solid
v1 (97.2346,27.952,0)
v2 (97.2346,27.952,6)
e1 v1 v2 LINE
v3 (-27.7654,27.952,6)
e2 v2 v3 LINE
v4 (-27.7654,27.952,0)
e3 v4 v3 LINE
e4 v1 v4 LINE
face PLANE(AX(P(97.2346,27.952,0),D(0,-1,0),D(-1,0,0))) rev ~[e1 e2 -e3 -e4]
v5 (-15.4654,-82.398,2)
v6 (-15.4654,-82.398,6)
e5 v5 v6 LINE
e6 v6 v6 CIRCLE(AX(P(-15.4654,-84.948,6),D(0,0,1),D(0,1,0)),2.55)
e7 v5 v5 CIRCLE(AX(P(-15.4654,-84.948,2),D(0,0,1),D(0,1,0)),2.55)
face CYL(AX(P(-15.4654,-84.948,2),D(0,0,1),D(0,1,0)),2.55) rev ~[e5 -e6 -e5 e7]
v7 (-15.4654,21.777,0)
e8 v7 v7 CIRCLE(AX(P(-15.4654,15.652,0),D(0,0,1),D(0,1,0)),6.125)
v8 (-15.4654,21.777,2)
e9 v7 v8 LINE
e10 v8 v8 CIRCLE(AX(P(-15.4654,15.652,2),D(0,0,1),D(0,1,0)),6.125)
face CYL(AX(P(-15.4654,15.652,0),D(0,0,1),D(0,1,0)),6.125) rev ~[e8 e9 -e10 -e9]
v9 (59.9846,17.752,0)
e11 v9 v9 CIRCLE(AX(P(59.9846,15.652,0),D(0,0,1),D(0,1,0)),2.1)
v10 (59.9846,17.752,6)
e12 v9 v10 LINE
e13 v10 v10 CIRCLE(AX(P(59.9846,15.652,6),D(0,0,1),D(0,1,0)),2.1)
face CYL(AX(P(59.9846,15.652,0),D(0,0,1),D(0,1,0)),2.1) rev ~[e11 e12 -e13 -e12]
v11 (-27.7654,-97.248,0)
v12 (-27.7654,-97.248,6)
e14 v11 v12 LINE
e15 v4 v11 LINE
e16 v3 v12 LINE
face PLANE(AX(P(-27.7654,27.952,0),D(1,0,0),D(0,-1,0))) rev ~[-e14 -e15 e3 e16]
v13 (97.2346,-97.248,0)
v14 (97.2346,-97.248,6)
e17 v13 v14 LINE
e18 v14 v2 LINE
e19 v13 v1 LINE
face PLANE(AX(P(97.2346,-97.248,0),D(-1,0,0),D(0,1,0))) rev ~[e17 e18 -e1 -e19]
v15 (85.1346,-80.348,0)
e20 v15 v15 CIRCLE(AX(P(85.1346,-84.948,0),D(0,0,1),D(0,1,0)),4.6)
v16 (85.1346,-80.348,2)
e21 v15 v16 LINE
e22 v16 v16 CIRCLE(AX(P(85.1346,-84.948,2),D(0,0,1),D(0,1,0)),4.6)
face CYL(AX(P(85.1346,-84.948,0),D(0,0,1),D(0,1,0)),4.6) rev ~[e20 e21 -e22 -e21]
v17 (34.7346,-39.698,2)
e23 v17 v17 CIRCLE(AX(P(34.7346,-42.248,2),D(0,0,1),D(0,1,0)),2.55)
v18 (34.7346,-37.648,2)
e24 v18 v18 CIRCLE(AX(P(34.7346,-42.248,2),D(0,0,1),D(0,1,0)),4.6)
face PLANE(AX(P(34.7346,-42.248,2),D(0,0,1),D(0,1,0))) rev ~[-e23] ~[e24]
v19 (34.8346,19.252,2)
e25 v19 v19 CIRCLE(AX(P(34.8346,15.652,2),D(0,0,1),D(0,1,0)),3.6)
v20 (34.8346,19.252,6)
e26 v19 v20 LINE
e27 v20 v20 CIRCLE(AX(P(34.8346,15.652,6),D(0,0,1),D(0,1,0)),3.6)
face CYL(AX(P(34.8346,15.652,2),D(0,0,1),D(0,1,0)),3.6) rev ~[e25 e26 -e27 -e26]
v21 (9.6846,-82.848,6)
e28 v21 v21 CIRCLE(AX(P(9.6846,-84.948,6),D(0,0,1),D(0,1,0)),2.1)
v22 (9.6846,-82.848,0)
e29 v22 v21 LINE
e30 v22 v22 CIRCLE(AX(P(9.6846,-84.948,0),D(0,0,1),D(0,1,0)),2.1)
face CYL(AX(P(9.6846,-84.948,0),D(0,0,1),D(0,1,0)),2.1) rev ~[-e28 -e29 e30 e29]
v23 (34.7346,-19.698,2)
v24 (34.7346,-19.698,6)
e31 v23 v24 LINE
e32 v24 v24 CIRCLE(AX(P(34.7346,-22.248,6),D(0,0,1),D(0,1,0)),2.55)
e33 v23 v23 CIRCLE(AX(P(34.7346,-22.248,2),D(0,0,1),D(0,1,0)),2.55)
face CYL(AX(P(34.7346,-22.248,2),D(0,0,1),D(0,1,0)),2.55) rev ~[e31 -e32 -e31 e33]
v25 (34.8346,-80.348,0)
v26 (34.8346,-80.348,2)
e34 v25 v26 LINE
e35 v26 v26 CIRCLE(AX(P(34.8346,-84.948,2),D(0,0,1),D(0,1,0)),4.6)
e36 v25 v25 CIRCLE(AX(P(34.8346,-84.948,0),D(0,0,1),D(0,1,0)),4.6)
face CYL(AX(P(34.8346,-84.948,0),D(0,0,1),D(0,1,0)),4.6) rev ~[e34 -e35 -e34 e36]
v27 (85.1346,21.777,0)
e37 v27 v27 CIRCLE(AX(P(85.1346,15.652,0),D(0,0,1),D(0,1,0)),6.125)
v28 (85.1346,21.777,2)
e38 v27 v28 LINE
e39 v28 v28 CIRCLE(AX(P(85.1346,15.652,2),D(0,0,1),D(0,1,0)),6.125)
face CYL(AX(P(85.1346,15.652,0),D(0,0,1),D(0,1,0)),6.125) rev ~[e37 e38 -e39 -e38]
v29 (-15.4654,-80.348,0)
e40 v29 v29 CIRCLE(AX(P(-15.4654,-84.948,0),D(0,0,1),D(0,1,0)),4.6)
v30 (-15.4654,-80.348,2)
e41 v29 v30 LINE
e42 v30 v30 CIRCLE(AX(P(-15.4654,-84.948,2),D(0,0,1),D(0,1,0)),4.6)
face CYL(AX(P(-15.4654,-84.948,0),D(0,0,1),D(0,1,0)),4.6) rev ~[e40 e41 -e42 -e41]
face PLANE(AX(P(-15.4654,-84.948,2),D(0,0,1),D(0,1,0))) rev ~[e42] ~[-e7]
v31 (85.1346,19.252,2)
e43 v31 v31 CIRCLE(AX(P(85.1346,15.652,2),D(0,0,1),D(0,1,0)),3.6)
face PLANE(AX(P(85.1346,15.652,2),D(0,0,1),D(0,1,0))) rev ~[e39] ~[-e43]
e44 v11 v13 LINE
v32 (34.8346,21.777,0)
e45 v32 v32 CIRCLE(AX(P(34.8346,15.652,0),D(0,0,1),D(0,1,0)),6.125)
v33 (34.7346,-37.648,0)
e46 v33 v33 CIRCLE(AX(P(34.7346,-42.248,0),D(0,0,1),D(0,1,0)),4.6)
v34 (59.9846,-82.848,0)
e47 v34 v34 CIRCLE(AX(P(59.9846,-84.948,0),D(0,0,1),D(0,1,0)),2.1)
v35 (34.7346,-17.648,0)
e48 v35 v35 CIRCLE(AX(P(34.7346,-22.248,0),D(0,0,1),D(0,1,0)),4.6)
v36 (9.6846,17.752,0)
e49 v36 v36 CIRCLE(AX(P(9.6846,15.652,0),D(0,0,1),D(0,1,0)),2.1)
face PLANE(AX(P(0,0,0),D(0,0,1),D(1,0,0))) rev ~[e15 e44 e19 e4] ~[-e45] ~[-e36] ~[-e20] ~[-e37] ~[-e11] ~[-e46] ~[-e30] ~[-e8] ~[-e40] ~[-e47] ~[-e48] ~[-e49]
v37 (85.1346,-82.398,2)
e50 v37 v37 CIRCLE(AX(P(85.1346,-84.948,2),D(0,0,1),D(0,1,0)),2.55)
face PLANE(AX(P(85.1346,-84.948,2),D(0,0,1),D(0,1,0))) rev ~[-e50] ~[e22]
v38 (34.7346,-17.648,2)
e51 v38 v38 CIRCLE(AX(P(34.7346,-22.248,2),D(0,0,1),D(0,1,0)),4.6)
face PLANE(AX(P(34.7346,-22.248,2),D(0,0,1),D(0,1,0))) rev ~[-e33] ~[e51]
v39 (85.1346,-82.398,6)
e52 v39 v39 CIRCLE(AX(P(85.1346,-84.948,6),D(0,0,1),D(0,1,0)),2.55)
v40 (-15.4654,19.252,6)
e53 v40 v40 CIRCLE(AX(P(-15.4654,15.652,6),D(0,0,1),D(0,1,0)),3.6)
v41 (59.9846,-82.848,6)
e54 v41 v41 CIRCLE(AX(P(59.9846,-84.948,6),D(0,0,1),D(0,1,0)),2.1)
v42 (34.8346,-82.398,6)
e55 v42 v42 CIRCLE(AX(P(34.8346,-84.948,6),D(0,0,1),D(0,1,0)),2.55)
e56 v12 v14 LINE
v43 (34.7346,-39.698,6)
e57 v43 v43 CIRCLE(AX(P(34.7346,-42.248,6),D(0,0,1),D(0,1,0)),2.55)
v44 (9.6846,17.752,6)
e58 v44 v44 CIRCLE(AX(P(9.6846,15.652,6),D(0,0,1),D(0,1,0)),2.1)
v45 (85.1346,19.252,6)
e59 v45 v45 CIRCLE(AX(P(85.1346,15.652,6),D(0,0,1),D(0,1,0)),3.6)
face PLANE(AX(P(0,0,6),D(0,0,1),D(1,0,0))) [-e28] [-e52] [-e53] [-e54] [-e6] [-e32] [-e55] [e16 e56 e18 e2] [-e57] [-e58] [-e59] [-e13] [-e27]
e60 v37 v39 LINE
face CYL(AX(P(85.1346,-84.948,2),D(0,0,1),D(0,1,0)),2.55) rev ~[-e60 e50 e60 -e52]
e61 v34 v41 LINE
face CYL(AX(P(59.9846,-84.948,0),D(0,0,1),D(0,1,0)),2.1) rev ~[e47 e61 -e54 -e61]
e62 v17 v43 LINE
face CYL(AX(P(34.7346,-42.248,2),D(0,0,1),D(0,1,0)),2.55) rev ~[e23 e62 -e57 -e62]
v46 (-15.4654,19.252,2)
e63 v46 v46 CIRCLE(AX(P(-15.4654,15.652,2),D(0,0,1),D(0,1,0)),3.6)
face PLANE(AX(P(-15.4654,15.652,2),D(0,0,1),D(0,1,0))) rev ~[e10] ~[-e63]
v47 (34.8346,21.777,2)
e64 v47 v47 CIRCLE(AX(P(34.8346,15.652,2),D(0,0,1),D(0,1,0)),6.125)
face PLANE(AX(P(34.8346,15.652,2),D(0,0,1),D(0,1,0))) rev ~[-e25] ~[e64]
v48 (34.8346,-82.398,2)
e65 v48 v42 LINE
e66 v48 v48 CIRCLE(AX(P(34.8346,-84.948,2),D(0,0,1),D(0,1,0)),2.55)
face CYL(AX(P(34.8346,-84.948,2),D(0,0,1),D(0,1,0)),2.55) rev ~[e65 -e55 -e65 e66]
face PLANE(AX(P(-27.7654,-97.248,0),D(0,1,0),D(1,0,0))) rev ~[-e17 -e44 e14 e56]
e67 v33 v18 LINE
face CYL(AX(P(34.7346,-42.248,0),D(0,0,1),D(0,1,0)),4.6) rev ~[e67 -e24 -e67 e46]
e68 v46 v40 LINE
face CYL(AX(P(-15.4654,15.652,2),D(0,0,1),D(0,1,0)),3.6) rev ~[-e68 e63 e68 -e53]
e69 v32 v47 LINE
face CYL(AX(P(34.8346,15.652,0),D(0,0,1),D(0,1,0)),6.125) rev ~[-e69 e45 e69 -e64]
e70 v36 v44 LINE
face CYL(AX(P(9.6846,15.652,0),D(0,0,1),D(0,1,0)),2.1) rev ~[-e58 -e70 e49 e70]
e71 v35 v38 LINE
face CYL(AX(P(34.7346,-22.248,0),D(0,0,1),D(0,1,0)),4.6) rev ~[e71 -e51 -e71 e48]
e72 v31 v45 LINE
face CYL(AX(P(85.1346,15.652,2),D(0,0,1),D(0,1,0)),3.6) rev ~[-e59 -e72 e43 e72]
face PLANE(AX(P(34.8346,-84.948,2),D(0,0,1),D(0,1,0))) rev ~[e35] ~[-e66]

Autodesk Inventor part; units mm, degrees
ref_plane "YZ Plane" through (0, 0, 0) normal (1, 0, 0) x (0, 1, 0)
ref_plane "XZ Plane" through (0, 0, 0) normal (0, 1, 0) x (-1, 0, 0)
ref_plane "XY Plane" through (0, 0, 0) normal (0, 0, 1) x (1, 0, 0)
sketch "Sketch1" plane through (0, 0, 0) normal (0, 0, 1) x (1, 0, 0)
  line L0 (97.2346, 27.952) -> (-27.7654, 27.952)
  line L1 (-27.7654, 27.952) -> (-27.7654, -97.248)
  line L2 (-27.7654, -97.248) -> (97.2346, -97.248)
  line L3 (97.2346, -97.248) -> (97.2346, 27.952)
  line L4 (85.1346, 27.952) -> (85.1346, -97.248) construction
  line L5 (-15.4654, 27.952) -> (-15.4654, -97.248) construction
  line L6 (-37.3152, 15.652) -> (117.1466, 15.652) construction
  line L7 (115.2487, -84.948) -> (-56.3615, -84.948) construction
  line L8 (34.8346, -156.7023) -> (34.8346, 57.8793) construction
  line L9 (59.9846, 68.2484) -> (59.9846, -132.2245) construction
  line L10 (9.6846, 55.4717) -> (9.6846, -128.574) construction
  point P0 (0, 0)
  point P1 (-65.7997, 171.2688)
  point P2 (85.1346, -84.948)
  point P3 (85.1346, 15.652)
  point P4 (-15.4654, 15.652)
  point P5 (-15.4654, -84.948)
  point P6 (34.8346, -84.948)
  point P7 (34.8346, 15.652)
  point P8 (59.9846, 15.652)
  point P9 (9.6846, 15.652)
  point P10 (59.9846, -84.948)
  point P11 (9.6846, -84.948)
  dimension "d0" = 125
  dimension "d1" = 125.2
  dimension "d6" = 100.6
  dimension "d48" = 12.3
  dimension "d49" = 100.6
  dimension "d50" = 50.3
  dimension "d72" = 25.15
  dimension "d73" = 25.15
extrude "Extrusion1" add sketch "Sketch1" along normal blind 6
hole "Hole6" at (85.1346, -84.948, 0) at (34.8346, -84.948, 0) at (-15.4654, -84.948, 0) direction (0, 0, 1) diameter 5.1 end through all counterbore diameter 9.2 counterbore depth 2
sketch "Sketch2" plane through (0, 0, 6) normal (0, 0, 1) x (1, 0, 0)
  line L0 (86.1945, -57.9789) -> (32.1694, -57.9789) construction
  line L1 (32.1694, -57.9789) -> (32.1694, -50.1092) construction
  line L2 (32.1694, -50.1092) -> (86.1945, -50.1092) construction
  line L3 (86.1945, -50.1092) -> (86.1945, -57.9789) construction
  point P0 (0, 0)
sketch "Sketch3" plane through (0, 0, 0) normal (0, 0, -1) x (-1, 0, 0)
  point P0 (0, 0)
hole "Hole7" at (85.1346, 15.652, 0) at (34.8346, 15.652, 0) at (-15.4654, 15.652, 0) direction (0, 0, 1) diameter 7.2 end through all counterbore diameter 12.25 counterbore depth 2
sketch "Sketch5" plane through (0, 0, 0) normal (0, 0, -1) x (-1, 0, 0)
  point P0 (0, 0)
  point P1 (-34.7346, -22.248)
  point P2 (-34.7346, -42.248)
hole "Hole8" at (34.7346, -22.248, 0) at (34.7346, -42.248, 0) direction (0, 0, 1) diameter 5.1 end through all counterbore diameter 9.2 counterbore depth 2
hole "Hole9" at (59.9846, 15.652, 0) at (9.6846, 15.652, 0) at (59.9846, -84.948, 0) at (9.6846, -84.948, 0) direction (0, 0, 1) diameter 4.2 end through all
equation "\"d72\" = 0.5 * d50"
equation "\"d73\" = 0.5 * d50"
properties part number "X axis carriage small_3DPrint"
